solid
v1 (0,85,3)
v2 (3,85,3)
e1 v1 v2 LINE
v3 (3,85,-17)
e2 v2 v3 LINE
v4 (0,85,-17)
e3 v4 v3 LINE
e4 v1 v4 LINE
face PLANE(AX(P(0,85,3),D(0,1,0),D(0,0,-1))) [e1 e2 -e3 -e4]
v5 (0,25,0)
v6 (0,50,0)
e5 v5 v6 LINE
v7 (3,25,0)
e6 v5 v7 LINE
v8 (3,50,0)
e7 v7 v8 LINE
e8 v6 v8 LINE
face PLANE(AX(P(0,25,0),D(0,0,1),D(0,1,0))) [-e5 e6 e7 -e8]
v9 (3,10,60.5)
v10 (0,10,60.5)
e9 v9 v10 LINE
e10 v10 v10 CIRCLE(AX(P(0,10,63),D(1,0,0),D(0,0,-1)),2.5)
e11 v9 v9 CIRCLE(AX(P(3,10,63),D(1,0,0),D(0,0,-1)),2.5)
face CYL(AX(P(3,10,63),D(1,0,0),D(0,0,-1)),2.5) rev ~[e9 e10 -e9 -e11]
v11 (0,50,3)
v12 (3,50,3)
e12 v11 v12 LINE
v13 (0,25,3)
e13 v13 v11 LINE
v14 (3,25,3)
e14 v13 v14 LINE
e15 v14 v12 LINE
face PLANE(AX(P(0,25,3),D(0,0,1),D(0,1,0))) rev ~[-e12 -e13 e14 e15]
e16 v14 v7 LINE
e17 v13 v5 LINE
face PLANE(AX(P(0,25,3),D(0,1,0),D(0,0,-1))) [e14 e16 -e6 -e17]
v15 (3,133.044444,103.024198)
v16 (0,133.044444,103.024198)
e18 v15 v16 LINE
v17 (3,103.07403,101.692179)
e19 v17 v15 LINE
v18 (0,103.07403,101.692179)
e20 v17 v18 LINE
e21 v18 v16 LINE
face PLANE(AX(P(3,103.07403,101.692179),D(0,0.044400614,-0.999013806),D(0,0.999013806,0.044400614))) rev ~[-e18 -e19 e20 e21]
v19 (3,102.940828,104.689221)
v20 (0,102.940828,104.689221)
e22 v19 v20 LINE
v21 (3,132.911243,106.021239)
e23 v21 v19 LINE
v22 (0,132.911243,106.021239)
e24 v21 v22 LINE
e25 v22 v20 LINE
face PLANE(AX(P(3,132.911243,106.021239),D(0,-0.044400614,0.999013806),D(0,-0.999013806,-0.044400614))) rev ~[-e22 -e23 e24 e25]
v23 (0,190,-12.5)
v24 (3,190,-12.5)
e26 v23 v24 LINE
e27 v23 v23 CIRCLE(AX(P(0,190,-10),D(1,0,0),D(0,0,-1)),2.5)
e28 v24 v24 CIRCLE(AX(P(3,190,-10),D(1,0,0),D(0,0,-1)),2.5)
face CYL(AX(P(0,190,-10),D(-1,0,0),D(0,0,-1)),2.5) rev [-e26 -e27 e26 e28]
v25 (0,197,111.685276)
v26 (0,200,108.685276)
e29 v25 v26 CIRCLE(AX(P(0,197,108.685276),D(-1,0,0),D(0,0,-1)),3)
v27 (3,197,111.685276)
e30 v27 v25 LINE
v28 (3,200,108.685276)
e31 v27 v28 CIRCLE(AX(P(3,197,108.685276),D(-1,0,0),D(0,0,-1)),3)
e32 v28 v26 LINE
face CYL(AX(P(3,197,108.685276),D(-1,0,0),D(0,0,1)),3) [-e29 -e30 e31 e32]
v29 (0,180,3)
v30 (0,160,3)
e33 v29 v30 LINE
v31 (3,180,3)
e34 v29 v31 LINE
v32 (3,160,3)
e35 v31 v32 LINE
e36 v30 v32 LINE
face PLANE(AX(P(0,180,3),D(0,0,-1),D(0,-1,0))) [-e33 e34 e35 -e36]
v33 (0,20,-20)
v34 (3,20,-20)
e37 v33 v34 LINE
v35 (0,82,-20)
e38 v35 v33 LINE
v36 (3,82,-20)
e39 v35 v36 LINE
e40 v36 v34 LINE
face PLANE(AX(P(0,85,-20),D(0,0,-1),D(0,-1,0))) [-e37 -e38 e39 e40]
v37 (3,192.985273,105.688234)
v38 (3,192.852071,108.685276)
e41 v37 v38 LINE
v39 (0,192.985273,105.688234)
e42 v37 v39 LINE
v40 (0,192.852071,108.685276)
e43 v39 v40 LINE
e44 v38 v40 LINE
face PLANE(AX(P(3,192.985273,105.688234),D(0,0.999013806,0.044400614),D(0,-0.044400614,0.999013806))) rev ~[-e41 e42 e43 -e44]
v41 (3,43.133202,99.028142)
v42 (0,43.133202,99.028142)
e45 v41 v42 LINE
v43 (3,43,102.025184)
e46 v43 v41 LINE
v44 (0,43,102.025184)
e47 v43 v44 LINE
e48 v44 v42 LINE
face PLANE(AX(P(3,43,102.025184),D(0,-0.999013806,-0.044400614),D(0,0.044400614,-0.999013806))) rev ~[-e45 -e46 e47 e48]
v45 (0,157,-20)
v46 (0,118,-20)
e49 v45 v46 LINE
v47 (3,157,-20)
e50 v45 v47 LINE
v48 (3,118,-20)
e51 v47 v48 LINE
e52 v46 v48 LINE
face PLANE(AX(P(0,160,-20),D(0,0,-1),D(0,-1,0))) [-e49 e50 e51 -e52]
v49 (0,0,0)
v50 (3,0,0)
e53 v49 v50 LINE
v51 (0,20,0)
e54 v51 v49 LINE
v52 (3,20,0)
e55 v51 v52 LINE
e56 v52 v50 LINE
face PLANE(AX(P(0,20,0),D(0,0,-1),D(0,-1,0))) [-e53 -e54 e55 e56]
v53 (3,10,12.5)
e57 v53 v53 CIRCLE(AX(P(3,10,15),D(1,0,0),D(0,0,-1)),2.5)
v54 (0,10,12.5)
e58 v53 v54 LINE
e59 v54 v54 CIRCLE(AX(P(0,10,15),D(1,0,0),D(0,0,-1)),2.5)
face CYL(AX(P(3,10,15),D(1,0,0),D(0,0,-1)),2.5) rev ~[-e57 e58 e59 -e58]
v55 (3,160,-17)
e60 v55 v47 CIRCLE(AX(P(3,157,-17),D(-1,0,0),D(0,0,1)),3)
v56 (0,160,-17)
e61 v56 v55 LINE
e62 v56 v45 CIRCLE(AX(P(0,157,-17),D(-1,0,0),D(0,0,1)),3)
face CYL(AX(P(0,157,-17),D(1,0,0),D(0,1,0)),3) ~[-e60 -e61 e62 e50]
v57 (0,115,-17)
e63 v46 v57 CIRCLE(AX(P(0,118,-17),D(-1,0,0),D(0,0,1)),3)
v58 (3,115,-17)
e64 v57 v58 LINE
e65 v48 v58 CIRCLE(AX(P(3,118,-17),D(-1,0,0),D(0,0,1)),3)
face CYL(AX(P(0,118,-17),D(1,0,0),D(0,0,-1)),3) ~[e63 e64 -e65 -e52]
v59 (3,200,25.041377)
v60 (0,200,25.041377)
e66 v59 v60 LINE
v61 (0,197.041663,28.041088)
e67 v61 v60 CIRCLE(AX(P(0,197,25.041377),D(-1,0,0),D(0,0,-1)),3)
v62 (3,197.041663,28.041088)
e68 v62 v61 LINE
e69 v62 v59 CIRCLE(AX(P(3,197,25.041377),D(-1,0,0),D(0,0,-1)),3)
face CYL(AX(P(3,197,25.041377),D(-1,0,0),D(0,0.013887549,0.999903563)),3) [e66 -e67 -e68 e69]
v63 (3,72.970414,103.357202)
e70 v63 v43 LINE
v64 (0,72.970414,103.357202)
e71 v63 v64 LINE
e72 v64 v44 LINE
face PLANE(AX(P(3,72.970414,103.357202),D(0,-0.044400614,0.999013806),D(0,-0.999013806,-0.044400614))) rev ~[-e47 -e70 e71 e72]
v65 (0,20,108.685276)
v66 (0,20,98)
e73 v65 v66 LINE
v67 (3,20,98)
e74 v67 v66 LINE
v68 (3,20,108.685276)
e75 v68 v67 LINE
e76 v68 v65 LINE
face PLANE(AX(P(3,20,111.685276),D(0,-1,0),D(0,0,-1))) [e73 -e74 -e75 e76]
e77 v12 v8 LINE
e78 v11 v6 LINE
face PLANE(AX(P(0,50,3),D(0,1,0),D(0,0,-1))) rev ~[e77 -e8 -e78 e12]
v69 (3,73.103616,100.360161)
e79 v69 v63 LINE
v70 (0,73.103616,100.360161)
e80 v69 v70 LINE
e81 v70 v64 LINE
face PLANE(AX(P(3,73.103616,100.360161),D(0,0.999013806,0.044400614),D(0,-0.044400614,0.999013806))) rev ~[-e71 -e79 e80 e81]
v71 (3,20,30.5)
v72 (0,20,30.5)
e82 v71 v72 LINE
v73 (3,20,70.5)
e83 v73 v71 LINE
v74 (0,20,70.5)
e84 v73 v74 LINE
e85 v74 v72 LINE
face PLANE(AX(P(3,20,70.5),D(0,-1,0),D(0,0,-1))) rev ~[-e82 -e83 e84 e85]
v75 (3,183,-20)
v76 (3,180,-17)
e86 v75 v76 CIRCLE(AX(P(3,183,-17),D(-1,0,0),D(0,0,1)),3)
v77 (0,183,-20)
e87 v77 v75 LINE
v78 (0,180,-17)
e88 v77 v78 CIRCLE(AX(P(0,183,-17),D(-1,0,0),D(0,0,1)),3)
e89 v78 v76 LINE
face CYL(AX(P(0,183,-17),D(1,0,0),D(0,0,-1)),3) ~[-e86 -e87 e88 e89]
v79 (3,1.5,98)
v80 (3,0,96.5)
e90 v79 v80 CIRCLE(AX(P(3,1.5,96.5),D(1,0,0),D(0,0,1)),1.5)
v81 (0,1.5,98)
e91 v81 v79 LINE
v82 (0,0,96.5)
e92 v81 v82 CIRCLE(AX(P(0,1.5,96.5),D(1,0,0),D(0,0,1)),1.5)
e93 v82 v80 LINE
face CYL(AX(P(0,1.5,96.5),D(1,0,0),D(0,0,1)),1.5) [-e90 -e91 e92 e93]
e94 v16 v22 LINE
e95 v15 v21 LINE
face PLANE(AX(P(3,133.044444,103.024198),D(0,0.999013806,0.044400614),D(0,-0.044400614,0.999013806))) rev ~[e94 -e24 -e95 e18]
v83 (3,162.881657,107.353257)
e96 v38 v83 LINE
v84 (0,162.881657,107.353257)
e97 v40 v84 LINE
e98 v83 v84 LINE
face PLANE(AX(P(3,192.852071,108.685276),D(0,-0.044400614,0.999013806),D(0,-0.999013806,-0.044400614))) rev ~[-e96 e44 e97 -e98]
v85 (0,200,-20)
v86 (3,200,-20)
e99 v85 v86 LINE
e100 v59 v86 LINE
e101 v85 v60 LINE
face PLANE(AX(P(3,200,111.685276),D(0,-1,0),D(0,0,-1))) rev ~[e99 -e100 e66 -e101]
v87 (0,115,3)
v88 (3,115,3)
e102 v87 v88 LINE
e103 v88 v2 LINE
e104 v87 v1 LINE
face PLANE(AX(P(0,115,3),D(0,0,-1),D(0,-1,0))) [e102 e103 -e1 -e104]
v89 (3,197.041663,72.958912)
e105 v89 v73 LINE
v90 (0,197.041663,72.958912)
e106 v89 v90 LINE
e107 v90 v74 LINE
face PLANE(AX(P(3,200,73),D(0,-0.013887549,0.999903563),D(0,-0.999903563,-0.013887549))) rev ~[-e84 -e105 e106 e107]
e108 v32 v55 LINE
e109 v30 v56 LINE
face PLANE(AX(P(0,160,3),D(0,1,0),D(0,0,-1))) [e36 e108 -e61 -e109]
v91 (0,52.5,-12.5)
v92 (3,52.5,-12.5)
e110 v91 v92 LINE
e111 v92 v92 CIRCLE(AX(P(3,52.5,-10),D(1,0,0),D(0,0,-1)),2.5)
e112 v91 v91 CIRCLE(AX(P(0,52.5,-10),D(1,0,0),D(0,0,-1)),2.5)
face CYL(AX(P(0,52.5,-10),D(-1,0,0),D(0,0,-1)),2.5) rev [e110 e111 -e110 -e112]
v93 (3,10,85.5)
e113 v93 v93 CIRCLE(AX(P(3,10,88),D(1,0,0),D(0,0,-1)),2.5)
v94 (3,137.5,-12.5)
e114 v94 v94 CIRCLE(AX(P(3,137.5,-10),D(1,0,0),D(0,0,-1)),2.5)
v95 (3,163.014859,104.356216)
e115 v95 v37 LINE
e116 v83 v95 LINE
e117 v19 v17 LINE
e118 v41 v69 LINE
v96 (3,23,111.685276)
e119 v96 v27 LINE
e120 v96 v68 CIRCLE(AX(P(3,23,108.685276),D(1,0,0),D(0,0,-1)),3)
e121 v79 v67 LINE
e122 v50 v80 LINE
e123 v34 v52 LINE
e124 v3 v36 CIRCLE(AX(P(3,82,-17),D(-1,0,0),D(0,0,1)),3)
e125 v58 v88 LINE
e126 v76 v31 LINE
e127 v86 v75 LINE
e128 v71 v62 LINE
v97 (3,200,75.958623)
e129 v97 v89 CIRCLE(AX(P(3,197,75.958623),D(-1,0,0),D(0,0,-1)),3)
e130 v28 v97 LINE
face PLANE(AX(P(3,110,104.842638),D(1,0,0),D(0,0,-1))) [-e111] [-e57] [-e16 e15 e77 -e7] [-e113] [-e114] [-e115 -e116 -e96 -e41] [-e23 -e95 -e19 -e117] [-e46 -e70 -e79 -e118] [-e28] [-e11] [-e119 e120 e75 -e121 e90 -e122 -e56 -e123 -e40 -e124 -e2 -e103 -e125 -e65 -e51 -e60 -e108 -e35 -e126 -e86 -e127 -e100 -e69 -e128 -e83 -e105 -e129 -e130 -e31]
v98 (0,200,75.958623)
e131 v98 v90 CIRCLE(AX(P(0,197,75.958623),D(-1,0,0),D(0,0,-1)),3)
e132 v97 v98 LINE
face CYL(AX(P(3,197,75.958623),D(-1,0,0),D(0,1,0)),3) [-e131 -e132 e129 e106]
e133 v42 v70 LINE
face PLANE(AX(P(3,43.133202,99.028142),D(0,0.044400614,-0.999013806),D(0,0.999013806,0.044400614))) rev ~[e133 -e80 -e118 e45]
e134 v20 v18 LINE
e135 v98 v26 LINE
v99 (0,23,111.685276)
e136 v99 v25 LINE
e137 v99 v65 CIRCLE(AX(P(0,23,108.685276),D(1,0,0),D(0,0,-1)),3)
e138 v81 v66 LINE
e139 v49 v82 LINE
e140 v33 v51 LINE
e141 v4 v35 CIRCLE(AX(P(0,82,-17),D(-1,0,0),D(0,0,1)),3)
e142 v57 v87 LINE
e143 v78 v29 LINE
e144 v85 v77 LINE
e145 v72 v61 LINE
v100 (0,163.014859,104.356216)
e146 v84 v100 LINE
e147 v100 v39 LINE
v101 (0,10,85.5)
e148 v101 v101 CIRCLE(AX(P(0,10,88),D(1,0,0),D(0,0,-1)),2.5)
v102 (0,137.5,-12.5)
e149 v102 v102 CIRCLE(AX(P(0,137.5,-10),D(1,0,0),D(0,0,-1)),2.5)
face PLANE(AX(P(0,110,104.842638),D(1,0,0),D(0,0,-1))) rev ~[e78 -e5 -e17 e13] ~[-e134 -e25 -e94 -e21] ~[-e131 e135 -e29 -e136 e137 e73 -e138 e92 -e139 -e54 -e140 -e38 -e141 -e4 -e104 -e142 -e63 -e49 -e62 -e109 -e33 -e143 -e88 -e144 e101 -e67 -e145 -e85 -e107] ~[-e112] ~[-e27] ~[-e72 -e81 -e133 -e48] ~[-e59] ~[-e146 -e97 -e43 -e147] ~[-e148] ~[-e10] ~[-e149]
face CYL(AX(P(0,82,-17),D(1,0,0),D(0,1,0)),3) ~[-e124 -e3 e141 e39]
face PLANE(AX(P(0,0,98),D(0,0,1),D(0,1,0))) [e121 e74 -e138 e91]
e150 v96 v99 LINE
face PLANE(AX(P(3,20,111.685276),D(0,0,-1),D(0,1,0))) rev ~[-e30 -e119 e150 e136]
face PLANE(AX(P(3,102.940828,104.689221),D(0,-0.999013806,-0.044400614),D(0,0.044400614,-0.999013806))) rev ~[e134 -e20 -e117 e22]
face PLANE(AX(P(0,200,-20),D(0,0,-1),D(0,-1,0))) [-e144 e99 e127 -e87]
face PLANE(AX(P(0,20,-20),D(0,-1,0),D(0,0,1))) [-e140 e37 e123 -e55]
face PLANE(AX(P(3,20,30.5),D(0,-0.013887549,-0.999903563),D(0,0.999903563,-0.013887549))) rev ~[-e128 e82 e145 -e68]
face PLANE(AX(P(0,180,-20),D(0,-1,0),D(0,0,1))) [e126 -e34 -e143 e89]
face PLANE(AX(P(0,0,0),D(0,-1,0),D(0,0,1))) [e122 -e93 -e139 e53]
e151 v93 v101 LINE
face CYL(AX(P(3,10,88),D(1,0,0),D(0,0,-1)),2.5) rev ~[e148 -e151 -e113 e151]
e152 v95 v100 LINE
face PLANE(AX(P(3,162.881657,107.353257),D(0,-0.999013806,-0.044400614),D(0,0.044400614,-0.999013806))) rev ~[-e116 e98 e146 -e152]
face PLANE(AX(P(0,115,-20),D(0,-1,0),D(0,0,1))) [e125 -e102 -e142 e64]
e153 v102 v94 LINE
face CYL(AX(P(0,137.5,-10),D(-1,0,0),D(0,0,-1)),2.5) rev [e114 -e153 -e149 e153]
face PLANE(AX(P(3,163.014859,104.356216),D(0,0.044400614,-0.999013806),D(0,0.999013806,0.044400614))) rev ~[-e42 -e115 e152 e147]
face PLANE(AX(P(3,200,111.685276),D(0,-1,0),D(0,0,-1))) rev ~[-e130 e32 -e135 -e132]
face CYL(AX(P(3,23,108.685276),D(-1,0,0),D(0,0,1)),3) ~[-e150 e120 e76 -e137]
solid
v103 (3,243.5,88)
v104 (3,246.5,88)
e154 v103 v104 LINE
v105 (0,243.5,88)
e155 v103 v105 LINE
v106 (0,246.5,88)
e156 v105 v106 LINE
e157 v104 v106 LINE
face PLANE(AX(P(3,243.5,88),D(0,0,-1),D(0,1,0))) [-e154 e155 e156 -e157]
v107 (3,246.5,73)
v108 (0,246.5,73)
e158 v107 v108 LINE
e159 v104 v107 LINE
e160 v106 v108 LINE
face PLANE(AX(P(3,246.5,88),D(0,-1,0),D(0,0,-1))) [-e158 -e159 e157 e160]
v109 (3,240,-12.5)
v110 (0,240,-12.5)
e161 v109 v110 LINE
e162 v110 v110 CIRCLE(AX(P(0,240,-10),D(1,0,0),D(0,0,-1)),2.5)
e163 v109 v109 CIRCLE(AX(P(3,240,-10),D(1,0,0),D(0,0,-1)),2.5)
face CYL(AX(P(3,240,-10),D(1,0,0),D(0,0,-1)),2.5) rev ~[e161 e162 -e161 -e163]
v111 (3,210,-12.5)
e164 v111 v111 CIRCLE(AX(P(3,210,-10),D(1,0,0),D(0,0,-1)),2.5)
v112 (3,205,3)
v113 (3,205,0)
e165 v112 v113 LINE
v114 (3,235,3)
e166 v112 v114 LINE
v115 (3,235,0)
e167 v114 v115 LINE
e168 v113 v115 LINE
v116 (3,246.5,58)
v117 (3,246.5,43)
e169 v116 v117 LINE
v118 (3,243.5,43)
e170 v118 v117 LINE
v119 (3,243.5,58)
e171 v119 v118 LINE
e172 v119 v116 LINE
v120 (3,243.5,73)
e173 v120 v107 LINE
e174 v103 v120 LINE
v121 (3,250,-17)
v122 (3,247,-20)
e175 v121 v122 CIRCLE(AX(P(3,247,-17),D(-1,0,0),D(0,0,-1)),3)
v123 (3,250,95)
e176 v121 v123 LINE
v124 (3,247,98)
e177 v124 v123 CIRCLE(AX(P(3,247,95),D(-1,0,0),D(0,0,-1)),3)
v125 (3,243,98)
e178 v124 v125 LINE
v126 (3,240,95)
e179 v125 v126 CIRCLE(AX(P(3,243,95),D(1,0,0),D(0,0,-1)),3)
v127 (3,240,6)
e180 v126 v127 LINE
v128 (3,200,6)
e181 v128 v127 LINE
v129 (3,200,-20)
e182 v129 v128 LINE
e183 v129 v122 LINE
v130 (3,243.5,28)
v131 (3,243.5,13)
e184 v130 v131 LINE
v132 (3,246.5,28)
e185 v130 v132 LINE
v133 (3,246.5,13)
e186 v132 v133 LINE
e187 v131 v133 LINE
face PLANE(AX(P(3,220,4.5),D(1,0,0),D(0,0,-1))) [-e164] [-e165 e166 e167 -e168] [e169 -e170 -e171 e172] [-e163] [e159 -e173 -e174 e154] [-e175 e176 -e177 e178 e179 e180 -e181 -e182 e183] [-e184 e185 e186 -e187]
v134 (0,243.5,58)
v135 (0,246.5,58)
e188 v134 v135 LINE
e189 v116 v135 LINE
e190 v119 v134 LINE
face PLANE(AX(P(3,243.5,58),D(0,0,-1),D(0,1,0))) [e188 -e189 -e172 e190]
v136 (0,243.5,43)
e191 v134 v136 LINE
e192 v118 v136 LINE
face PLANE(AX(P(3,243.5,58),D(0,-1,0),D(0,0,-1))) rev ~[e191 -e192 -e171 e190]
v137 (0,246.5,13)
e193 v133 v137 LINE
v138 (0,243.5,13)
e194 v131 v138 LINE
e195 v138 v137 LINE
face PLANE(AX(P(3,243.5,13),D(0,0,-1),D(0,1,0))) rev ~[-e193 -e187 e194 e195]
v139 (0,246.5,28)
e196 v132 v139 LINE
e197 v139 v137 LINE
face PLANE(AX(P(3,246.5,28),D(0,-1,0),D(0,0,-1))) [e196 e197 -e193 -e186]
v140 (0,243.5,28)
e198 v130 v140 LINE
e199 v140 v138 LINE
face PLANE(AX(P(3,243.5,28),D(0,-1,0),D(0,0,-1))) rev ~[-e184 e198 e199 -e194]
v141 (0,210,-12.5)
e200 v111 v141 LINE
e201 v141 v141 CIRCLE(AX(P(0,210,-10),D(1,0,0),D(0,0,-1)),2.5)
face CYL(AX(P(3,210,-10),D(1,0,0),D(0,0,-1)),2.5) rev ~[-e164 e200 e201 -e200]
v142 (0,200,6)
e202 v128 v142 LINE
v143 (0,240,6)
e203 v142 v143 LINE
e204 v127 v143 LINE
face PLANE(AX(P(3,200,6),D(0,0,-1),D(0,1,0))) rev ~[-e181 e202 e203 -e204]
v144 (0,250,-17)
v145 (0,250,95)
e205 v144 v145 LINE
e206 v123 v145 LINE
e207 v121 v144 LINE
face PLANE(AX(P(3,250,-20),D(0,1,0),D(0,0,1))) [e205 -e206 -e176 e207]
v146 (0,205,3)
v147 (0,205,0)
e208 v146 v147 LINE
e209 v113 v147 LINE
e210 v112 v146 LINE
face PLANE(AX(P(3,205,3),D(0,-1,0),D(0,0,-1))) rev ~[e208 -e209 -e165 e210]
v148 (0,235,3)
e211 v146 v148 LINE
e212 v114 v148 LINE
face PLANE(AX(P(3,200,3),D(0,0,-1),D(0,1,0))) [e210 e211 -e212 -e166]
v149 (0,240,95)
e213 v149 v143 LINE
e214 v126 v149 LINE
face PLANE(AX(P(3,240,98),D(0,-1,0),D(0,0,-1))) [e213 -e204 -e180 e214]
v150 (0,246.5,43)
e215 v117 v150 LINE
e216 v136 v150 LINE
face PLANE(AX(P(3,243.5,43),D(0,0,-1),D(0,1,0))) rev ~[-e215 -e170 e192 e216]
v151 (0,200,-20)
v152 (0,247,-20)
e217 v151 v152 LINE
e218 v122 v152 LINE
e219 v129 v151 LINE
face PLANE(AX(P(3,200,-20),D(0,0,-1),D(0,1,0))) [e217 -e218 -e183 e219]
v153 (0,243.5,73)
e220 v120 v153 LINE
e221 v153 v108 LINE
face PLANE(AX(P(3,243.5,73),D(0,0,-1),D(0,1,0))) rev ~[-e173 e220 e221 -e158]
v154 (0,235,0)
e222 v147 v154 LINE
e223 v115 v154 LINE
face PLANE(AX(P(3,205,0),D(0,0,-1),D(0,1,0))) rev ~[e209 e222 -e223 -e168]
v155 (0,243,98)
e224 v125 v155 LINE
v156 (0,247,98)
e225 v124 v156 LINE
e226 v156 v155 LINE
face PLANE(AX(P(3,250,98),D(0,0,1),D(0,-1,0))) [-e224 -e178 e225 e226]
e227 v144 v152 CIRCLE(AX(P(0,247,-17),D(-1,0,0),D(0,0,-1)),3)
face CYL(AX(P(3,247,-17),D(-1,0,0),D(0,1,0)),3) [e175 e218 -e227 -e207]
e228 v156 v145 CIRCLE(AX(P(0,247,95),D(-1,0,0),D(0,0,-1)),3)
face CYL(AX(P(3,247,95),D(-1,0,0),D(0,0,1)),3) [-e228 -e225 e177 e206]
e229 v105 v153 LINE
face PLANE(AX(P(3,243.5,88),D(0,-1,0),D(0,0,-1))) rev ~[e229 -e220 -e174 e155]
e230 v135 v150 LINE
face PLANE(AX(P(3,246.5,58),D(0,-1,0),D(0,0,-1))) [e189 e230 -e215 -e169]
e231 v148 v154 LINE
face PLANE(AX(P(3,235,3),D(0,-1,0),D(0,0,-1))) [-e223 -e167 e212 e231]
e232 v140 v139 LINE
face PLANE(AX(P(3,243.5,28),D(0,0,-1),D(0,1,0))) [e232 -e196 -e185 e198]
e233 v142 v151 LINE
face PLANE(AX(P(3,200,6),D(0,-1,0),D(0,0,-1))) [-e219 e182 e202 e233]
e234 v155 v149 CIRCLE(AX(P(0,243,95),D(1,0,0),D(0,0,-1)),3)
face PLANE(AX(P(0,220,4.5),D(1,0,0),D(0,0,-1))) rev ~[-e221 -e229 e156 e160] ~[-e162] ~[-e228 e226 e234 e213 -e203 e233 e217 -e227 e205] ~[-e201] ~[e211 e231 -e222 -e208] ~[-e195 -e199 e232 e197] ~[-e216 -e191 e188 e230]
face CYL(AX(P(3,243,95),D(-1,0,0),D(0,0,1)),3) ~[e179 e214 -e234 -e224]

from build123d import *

# Parameters (mm, degrees)
SKETCH1_R           = 2.5
SKETCH1_W           = 3
SKETCH1_H           = 25
BOSS_EXTRUDE1_DEPTH = 3
SKETCH4_W           = 15
SKETCH4_H           = 3
BOSS_EXTRUDE2_DEPTH = 3
SKETCH5_W           = 13.685275767
SKETCH5_H           = 180
BOSS_EXTRUDE3_DEPTH = 3
CUT_EXTRUDE3_DEPTH  = 4
FILLET1_R           = 3
SKETCH12_R          = 2.5
CUT_EXTRUDE7_DEPTH  = 4
FILLET2_R           = 1.5
SKETCH13_R          = 2.5
CUT_EXTRUDE8_DEPTH  = 4
SKETCH15_R          = 2.5
CUT_EXTRUDE9_DEPTH  = 10
SKETCH17_W          = 3
SKETCH17_H          = 30
CUT_EXTRUDE10_DEPTH = 4
SKETCH16_W          = 3
SKETCH16_H          = 40
BOSS_EXTRUDE4_DEPTH = 3
FILLET3_R           = 3


with BuildPart() as part:
    # Sketch1 → Boss-Extrude1 (new body)
    with BuildSketch(Plane(origin=(0, 0, 0), x_dir=(0, 0, -1), z_dir=(1, 0, 0))):
        Polygon((0, 0), (-98, 0), (-98, 200), (20, 200), (20, 180), (-3, 180), (-3, 160), (20, 160), (20, 115), (-3, 115), (-3, 85), (20, 85), (20, 20), (0, 20), align=None)
        with Locations((10, 190)):
            Circle(SKETCH1_R, mode=Mode.SUBTRACT)
        with Locations((10, 137.5)):
            Circle(SKETCH1_R, mode=Mode.SUBTRACT)
        with Locations((10, 52.5)):
            Circle(SKETCH1_R, mode=Mode.SUBTRACT)
        with Locations((-1.5, 37.5)):
            Rectangle(SKETCH1_W, SKETCH1_H, mode=Mode.SUBTRACT)
    extrude(amount=BOSS_EXTRUDE1_DEPTH)

    # Sketch5 → Boss-Extrude3 (add)
    with BuildSketch(Plane(origin=(3, 0, 0), x_dir=(0, 0, -1), z_dir=(1, 0, 0))):
        with Locations((-104.842637884, 110)):
            Rectangle(SKETCH5_W, SKETCH5_H)
        Polygon((-105.688234347, 192.985272811), (-108.685275767, 192.85207097), (-107.353257358, 162.881656776), (-104.356215939, 163.014858617), align=None, mode=Mode.SUBTRACT)
        Polygon((-103.02419753, 133.044444423), (-106.021238949, 132.911242582), (-104.689220541, 102.940828388), (-101.692179121, 103.074030229), align=None, mode=Mode.SUBTRACT)
        Polygon((-100.360160713, 73.103616035), (-103.357202132, 72.970414194), (-102.025183723, 43), (-99.028142304, 43.133201841), align=None, mode=Mode.SUBTRACT)
    extrude(amount=-BOSS_EXTRUDE3_DEPTH)

    # Sketch6 → Cut-Extrude3 (cut)
    with BuildSketch(Plane(origin=(3, 0, 0), x_dir=(0, 0, -1), z_dir=(1, 0, 0))):
        Polygon((-28, 200), (-73, 200), (-70.5, 20), (-30.5, 20), align=None)
    extrude(amount=-CUT_EXTRUDE3_DEPTH, mode=Mode.SUBTRACT)

    # Fillet1
    fillet1_edges = [part.edges().sort_by_distance(p)[0] for p in [
        (1.5, 200, 28),
        (1.5, 200, 73),
        (1.5, 180, -20),
        (1.5, 160, -20),
        (1.5, 115, -20),
        (1.5, 85, -20),
        (1.5, 20, 111.685275767),
        (1.5, 200, 111.685275767),
    ]]
    fillet(fillet1_edges, radius=FILLET1_R)

    # Sketch12 → Cut-Extrude7 (cut)
    with BuildSketch(Plane(origin=(3, 0, 0), x_dir=(0, 0, -1), z_dir=(1, 0, 0))):
        with Locations((-88, 10)):
            Circle(SKETCH12_R)
    extrude(amount=-CUT_EXTRUDE7_DEPTH, mode=Mode.SUBTRACT)

    # Fillet2
    fillet2_edges = [part.edges().sort_by_distance(p)[0] for p in [
        (1.5, 0, 98),
    ]]
    fillet(fillet2_edges, radius=FILLET2_R)

    # Sketch13 → Cut-Extrude8 (cut, through all)
    with BuildSketch(Plane(origin=(3, 0, 0), x_dir=(0, 0, -1), z_dir=(1, 0, 0))):
        with Locations((-63, 10)):
            Circle(SKETCH13_R)
        with Locations((-15, 10)):
            Circle(SKETCH13_R)
    extrude(amount=-CUT_EXTRUDE8_DEPTH, mode=Mode.SUBTRACT)


with BuildPart() as body_2:
    # Sketch4 → Boss-Extrude2 (new body)
    with BuildSketch(Plane(origin=(3, 0, 0), x_dir=(0, 0, -1), z_dir=(1, 0, 0))):
        Polygon((-98, 240), (-3, 240), (-3, 200), (20, 200), (20, 250), (-3, 250), (-98, 250), align=None)
        with Locations((-80.5, 245)):
            Rectangle(SKETCH4_W, SKETCH4_H, mode=Mode.SUBTRACT)
        with Locations((-50.5, 245)):
            Rectangle(SKETCH4_W, SKETCH4_H, mode=Mode.SUBTRACT)
        with Locations((-20.5, 245)):
            Rectangle(SKETCH4_W, SKETCH4_H, mode=Mode.SUBTRACT)
    extrude(amount=-BOSS_EXTRUDE2_DEPTH)

    # Sketch15 → Cut-Extrude9 (cut)
    with BuildSketch(Plane(origin=(3, 0, 0), x_dir=(0, 0, -1), z_dir=(1, 0, 0))):
        with Locations((10, 240)):
            Circle(SKETCH15_R)
        with Locations((10, 210)):
            Circle(SKETCH15_R)
    extrude(amount=-CUT_EXTRUDE9_DEPTH, mode=Mode.SUBTRACT)

    # Sketch17 → Cut-Extrude10 (cut, through all)
    with BuildSketch(Plane(origin=(3, 0, 0), x_dir=(0, 0, -1), z_dir=(1, 0, 0))):
        with Locations((-1.5, 220)):
            Rectangle(SKETCH17_W, SKETCH17_H)
    extrude(amount=-CUT_EXTRUDE10_DEPTH, mode=Mode.SUBTRACT)

    # Sketch16 → Boss-Extrude4 (add)
    with BuildSketch(Plane(origin=(3, 0, 0), x_dir=(0, 0, -1), z_dir=(1, 0, 0))):
        with Locations((-4.5, 220)):
            Rectangle(SKETCH16_W, SKETCH16_H)
    extrude(amount=-BOSS_EXTRUDE4_DEPTH)

    # Fillet3
    fillet3_edges = [body_2.edges().sort_by_distance(p)[0] for p in [
        (1.5, 240, 98),
        (1.5, 250, 98),
        (1.5, 250, -20),
    ]]
    fillet(fillet3_edges, radius=FILLET3_R)


solid = Compound([part.part, body_2.part])
